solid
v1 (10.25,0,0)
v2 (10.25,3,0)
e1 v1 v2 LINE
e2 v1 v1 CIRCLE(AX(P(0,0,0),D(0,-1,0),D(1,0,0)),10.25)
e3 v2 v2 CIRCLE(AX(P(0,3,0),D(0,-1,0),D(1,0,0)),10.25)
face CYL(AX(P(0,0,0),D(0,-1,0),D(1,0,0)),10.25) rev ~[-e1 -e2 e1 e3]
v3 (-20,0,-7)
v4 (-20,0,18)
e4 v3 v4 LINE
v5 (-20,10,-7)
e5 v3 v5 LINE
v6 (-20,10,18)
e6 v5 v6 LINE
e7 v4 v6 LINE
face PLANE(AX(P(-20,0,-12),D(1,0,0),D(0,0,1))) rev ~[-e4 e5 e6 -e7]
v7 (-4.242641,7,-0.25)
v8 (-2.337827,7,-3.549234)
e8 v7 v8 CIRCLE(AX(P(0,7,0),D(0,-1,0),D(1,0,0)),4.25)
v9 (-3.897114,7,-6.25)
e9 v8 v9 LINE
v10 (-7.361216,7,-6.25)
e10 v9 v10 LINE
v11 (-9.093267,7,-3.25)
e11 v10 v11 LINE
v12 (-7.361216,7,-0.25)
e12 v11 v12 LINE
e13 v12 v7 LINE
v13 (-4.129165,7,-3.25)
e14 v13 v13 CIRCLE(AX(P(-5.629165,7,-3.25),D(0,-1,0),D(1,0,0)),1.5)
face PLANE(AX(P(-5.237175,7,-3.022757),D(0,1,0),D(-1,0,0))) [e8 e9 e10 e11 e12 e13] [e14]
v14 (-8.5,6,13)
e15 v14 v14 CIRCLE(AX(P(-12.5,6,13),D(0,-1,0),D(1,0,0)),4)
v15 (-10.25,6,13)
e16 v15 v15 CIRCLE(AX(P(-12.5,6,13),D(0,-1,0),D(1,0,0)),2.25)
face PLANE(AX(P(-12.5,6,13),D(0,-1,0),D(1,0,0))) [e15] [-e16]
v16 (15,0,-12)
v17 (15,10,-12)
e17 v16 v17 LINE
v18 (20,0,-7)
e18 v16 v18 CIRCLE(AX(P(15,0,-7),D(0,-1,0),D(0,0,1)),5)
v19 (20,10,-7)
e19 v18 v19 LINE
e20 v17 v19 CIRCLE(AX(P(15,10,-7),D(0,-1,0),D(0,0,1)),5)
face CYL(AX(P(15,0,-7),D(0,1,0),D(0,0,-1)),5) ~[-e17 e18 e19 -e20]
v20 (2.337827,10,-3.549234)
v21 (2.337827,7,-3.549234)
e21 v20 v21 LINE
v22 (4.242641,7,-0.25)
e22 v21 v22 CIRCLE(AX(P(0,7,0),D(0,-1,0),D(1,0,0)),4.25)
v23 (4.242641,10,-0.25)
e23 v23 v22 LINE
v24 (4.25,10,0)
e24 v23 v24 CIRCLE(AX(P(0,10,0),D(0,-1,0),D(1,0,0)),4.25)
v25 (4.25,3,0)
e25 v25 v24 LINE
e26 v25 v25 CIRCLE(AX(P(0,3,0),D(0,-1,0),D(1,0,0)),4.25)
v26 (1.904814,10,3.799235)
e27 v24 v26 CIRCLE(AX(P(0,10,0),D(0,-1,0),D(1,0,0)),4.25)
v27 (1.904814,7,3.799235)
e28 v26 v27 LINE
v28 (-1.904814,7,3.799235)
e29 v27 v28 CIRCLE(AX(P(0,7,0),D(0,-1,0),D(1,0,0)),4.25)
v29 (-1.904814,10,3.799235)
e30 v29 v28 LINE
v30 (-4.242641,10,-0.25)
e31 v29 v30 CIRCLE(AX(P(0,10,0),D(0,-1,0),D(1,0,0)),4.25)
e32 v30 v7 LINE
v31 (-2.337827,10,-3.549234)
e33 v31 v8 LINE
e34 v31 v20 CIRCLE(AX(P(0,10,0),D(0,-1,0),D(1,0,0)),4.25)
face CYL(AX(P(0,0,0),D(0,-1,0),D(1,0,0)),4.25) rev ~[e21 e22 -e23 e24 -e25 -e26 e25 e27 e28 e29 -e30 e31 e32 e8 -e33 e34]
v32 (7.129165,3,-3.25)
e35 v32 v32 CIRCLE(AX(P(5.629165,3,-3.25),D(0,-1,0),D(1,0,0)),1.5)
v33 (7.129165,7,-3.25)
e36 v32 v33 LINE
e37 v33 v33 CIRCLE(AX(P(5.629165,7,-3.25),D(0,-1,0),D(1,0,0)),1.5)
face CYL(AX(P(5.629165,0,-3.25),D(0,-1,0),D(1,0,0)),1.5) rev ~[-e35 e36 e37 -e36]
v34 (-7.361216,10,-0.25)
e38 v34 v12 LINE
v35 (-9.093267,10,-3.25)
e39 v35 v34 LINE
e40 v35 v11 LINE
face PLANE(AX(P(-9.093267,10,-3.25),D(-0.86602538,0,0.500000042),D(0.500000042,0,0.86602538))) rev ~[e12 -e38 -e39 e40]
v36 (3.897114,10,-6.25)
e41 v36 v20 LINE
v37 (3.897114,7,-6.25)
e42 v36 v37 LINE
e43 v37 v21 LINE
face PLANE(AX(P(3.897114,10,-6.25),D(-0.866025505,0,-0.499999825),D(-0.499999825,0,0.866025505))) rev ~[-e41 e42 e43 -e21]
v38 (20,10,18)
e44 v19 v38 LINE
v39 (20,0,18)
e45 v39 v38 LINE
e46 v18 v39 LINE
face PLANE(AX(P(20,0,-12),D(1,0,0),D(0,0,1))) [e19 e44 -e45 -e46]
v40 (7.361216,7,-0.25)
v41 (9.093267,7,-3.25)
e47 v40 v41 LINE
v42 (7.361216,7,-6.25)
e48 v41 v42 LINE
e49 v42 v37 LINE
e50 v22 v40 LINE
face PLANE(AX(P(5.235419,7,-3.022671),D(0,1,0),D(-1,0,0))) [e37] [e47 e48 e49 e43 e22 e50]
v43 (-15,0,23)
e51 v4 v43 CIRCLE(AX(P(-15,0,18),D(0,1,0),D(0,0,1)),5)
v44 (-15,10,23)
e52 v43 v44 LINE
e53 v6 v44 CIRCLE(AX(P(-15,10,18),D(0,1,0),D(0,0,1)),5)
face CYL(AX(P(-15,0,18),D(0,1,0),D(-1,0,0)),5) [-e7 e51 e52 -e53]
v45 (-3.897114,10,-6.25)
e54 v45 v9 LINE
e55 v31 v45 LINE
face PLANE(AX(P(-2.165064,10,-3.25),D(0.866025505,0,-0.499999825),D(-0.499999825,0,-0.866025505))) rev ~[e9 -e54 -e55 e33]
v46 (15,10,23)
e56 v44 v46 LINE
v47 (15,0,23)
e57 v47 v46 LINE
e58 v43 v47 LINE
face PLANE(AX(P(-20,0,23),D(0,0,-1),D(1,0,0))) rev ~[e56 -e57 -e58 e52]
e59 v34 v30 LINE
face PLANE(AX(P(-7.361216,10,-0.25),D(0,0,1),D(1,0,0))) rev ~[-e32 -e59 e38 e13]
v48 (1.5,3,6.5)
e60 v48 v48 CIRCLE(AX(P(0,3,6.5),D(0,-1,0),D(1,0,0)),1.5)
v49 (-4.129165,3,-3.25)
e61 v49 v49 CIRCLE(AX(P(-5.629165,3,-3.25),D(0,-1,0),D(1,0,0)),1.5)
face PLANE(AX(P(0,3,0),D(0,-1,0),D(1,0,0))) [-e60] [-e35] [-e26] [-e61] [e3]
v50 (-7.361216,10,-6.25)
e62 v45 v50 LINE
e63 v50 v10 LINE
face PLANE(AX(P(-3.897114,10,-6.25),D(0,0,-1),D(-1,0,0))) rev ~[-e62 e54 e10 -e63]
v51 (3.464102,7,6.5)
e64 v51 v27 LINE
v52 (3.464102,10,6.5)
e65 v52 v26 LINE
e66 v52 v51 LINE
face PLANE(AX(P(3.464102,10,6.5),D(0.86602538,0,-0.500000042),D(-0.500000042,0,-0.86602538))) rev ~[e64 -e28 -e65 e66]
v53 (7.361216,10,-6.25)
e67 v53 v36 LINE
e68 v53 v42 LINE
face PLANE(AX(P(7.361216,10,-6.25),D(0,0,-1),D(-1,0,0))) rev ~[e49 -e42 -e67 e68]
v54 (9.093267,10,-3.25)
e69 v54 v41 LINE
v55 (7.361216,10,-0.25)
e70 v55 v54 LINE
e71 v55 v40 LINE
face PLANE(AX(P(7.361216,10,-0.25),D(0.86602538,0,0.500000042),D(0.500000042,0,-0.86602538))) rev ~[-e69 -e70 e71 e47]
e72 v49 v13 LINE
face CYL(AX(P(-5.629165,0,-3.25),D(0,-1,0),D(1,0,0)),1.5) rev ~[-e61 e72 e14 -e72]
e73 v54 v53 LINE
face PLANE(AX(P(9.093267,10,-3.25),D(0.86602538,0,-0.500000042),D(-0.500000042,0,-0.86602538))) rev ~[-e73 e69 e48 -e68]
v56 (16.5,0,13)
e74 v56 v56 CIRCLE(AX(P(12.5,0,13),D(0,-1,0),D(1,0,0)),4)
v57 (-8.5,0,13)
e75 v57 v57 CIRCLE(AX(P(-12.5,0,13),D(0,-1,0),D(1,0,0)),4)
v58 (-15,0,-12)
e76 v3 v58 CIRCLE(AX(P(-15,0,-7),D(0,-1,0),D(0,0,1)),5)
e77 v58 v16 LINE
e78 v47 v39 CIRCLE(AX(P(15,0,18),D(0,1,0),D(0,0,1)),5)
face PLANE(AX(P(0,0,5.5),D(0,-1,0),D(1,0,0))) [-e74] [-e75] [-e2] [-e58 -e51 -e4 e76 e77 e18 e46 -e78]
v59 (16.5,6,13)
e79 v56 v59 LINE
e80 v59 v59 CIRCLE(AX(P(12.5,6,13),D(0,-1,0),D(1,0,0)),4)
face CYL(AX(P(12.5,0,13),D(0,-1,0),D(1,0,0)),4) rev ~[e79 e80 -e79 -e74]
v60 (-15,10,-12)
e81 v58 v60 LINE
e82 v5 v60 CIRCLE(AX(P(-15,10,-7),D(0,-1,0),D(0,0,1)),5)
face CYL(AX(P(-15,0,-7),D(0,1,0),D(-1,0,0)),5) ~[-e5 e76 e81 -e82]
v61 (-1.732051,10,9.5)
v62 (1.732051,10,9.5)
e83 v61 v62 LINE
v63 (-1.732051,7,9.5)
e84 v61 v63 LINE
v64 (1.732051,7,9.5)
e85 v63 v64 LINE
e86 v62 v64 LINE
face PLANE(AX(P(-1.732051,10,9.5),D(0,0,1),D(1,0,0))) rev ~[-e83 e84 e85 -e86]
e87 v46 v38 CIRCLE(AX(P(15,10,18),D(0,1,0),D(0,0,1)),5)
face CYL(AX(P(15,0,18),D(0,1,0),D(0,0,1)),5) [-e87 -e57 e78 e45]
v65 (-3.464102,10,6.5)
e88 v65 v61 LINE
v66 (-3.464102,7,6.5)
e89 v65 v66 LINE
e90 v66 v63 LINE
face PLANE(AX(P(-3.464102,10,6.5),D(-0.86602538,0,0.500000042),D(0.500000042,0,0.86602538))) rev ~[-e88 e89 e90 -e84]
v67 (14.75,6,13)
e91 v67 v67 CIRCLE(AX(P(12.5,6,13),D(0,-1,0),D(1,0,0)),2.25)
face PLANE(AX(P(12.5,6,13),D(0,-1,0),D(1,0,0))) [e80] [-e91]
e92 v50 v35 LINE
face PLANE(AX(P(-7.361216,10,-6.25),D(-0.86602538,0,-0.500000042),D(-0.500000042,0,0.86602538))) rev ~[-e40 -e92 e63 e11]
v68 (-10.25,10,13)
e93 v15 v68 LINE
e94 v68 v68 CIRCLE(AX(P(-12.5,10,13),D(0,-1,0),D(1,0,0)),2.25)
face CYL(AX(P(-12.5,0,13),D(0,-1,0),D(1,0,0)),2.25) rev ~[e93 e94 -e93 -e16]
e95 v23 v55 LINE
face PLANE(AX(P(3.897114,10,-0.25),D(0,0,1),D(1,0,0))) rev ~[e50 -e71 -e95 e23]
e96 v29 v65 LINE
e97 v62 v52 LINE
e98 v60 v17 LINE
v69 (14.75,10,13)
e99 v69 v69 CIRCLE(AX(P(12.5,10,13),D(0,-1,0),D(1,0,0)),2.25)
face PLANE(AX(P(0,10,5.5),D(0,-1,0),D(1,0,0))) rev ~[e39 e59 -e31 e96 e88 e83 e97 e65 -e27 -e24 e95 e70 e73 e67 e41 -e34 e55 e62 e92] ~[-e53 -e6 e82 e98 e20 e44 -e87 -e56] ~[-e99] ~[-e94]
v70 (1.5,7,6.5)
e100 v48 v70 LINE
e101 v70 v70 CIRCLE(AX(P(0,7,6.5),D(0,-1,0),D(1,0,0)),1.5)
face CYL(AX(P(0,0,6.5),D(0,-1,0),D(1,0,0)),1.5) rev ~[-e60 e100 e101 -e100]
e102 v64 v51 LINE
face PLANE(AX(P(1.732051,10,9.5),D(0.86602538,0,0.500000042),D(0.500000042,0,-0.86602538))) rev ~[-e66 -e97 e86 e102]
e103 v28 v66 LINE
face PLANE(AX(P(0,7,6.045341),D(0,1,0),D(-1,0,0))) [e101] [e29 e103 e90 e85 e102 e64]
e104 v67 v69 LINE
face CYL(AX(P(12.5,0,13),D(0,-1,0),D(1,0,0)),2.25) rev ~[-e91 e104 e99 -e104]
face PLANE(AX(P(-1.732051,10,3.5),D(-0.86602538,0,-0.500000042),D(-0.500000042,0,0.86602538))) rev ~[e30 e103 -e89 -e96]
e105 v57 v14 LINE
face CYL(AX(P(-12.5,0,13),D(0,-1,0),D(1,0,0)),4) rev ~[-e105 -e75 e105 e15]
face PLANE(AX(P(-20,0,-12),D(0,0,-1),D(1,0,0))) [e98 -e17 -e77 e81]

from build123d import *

# Parameters (mm, degrees)
F0_W     = 40
F0_H     = 35
F0_R     = 10.25
F0_R_2   = 4
F0_R_3   = 2.25
F0_R_4   = 1.5
F0_R_5   = 4.25
F1_DEPTH = 10
F2_DEPTH = 6
F3_DEPTH = 3
F5_DEPTH = 3
F6_R     = 5


with BuildPart() as f1:
    # F0 (on Front) → F1 (new body)
    with BuildSketch(Plane.XZ):
        with Locations((0, 5.5)):
            Rectangle(F0_W, F0_H)
        Circle(F0_R, mode=Mode.SUBTRACT)
        with Locations((-12.5, 13)):
            Circle(F0_R_2, mode=Mode.SUBTRACT)
        with Locations((12.5, 13)):
            Circle(F0_R_2, mode=Mode.SUBTRACT)
        with Locations((-12.5, 13)):
            Circle(F0_R_2)
        with Locations((-12.5, 13)):
            Circle(F0_R_3, mode=Mode.SUBTRACT)
        with Locations((12.5, 13)):
            Circle(F0_R_2)
        with Locations((12.5, 13)):
            Circle(F0_R_3, mode=Mode.SUBTRACT)
        Circle(F0_R)
        with Locations((-5.629165, -3.25)):
            Circle(F0_R_4, mode=Mode.SUBTRACT)
        Circle(F0_R_5, mode=Mode.SUBTRACT)
        with Locations((5.629165, -3.25)):
            Circle(F0_R_4, mode=Mode.SUBTRACT)
        with Locations((0, 6.5)):
            Circle(F0_R_4, mode=Mode.SUBTRACT)
    extrude(amount=-F1_DEPTH)

    # F0 (on Front) → F2 (cut)
    with BuildSketch(Plane.XZ):
        with Locations((12.5, 13)):
            Circle(F0_R_2)
        with Locations((12.5, 13)):
            Circle(F0_R_3, mode=Mode.SUBTRACT)
        with Locations((-12.5, 13)):
            Circle(F0_R_2)
        with Locations((-12.5, 13)):
            Circle(F0_R_3, mode=Mode.SUBTRACT)
    extrude(amount=-F2_DEPTH, mode=Mode.SUBTRACT)

    # F0 (on Front) → F3 (cut)
    with BuildSketch(Plane.XZ):
        Circle(F0_R)
        with Locations((-5.629165, -3.25)):
            Circle(F0_R_4, mode=Mode.SUBTRACT)
        Circle(F0_R_5, mode=Mode.SUBTRACT)
        with Locations((5.629165, -3.25)):
            Circle(F0_R_4, mode=Mode.SUBTRACT)
        with Locations((0, 6.5)):
            Circle(F0_R_4, mode=Mode.SUBTRACT)
    extrude(amount=-F3_DEPTH, mode=Mode.SUBTRACT)

    # F4 (on face) → F5 (cut)
    with BuildSketch(Plane(origin=(0, 10, 0), x_dir=(-1, 0, 0), z_dir=(0, 1, 0))):
        with BuildLine():
            Line((1.732051, 9.5), (-1.732051, 9.5))
            Line((-1.732051, 9.5), (-3.464102, 6.5))
            Line((-3.464102, 6.5), (-1.732051, 3.5))
            Line((-1.732051, 3.5), (-2.165064, 2.75))
            ThreePointArc((-2.165064, 2.75), (0, 3.5), (2.165064, 2.75))
            Line((2.165064, 2.75), (1.732051, 3.5))
            Line((1.732051, 3.5), (3.464102, 6.5))
            Line((3.464102, 6.5), (1.732051, 9.5))
        make_face()
        with BuildLine():
            Line((-3.464102, 0.5), (-2.165064, 2.75))
            ThreePointArc((-2.165064, 2.75), (-3.031089, 1.75), (-3.464102, 0.5))
        make_face()
        with BuildLine():
            ThreePointArc((3.464102, 0.5), (3.031089, 1.75), (2.165064, 2.75))
            Line((2.165064, 2.75), (3.464102, 0.5))
        make_face()
        with BuildLine():
            ThreePointArc((-1.299038, -3.25), (-3.031089, -1.75), (-3.464102, 0.5))
            Line((-3.464102, 0.5), (-3.897114, -0.25))
            Line((-3.897114, -0.25), (-7.361216, -0.25))
            Line((-7.361216, -0.25), (-9.093267, -3.25))
            Line((-9.093267, -3.25), (-7.361216, -6.25))
            Line((-7.361216, -6.25), (-3.897114, -6.25))
            Line((-3.897114, -6.25), (-2.165064, -3.25))
            Line((-2.165064, -3.25), (-1.299038, -3.25))
        make_face()
        with BuildLine():
            Line((3.897114, -0.25), (3.464102, 0.5))
            ThreePointArc((3.464102, 0.5), (3.491014, 0.250644), (3.5, 0))
            ThreePointArc((3.5, 0), (2.897985, -1.962571), (1.299038, -3.25))
            Line((1.299038, -3.25), (2.165064, -3.25))
            Line((2.165064, -3.25), (3.897114, -6.25))
            Line((3.897114, -6.25), (7.361216, -6.25))
            Line((7.361216, -6.25), (9.093267, -3.25))
            Line((9.093267, -3.25), (7.361216, -0.25))
            Line((7.361216, -0.25), (3.897114, -0.25))
        make_face()
        with BuildLine():
            Line((1.299038, -3.25), (-1.299038, -3.25))
            ThreePointArc((-1.299038, -3.25), (0, -3.5), (1.299038, -3.25))
        make_face()
    extrude(amount=-F5_DEPTH, mode=Mode.SUBTRACT)

    # F6
    f6_edges = [f1.edges().sort_by_distance(p)[0] for p in [
        (-20, 5, 23),
        (20, 5, 23),
        (20, 5, -12),
        (-20, 5, -12),
    ]]
    fillet(f6_edges, radius=F6_R)


solid = f1.part
